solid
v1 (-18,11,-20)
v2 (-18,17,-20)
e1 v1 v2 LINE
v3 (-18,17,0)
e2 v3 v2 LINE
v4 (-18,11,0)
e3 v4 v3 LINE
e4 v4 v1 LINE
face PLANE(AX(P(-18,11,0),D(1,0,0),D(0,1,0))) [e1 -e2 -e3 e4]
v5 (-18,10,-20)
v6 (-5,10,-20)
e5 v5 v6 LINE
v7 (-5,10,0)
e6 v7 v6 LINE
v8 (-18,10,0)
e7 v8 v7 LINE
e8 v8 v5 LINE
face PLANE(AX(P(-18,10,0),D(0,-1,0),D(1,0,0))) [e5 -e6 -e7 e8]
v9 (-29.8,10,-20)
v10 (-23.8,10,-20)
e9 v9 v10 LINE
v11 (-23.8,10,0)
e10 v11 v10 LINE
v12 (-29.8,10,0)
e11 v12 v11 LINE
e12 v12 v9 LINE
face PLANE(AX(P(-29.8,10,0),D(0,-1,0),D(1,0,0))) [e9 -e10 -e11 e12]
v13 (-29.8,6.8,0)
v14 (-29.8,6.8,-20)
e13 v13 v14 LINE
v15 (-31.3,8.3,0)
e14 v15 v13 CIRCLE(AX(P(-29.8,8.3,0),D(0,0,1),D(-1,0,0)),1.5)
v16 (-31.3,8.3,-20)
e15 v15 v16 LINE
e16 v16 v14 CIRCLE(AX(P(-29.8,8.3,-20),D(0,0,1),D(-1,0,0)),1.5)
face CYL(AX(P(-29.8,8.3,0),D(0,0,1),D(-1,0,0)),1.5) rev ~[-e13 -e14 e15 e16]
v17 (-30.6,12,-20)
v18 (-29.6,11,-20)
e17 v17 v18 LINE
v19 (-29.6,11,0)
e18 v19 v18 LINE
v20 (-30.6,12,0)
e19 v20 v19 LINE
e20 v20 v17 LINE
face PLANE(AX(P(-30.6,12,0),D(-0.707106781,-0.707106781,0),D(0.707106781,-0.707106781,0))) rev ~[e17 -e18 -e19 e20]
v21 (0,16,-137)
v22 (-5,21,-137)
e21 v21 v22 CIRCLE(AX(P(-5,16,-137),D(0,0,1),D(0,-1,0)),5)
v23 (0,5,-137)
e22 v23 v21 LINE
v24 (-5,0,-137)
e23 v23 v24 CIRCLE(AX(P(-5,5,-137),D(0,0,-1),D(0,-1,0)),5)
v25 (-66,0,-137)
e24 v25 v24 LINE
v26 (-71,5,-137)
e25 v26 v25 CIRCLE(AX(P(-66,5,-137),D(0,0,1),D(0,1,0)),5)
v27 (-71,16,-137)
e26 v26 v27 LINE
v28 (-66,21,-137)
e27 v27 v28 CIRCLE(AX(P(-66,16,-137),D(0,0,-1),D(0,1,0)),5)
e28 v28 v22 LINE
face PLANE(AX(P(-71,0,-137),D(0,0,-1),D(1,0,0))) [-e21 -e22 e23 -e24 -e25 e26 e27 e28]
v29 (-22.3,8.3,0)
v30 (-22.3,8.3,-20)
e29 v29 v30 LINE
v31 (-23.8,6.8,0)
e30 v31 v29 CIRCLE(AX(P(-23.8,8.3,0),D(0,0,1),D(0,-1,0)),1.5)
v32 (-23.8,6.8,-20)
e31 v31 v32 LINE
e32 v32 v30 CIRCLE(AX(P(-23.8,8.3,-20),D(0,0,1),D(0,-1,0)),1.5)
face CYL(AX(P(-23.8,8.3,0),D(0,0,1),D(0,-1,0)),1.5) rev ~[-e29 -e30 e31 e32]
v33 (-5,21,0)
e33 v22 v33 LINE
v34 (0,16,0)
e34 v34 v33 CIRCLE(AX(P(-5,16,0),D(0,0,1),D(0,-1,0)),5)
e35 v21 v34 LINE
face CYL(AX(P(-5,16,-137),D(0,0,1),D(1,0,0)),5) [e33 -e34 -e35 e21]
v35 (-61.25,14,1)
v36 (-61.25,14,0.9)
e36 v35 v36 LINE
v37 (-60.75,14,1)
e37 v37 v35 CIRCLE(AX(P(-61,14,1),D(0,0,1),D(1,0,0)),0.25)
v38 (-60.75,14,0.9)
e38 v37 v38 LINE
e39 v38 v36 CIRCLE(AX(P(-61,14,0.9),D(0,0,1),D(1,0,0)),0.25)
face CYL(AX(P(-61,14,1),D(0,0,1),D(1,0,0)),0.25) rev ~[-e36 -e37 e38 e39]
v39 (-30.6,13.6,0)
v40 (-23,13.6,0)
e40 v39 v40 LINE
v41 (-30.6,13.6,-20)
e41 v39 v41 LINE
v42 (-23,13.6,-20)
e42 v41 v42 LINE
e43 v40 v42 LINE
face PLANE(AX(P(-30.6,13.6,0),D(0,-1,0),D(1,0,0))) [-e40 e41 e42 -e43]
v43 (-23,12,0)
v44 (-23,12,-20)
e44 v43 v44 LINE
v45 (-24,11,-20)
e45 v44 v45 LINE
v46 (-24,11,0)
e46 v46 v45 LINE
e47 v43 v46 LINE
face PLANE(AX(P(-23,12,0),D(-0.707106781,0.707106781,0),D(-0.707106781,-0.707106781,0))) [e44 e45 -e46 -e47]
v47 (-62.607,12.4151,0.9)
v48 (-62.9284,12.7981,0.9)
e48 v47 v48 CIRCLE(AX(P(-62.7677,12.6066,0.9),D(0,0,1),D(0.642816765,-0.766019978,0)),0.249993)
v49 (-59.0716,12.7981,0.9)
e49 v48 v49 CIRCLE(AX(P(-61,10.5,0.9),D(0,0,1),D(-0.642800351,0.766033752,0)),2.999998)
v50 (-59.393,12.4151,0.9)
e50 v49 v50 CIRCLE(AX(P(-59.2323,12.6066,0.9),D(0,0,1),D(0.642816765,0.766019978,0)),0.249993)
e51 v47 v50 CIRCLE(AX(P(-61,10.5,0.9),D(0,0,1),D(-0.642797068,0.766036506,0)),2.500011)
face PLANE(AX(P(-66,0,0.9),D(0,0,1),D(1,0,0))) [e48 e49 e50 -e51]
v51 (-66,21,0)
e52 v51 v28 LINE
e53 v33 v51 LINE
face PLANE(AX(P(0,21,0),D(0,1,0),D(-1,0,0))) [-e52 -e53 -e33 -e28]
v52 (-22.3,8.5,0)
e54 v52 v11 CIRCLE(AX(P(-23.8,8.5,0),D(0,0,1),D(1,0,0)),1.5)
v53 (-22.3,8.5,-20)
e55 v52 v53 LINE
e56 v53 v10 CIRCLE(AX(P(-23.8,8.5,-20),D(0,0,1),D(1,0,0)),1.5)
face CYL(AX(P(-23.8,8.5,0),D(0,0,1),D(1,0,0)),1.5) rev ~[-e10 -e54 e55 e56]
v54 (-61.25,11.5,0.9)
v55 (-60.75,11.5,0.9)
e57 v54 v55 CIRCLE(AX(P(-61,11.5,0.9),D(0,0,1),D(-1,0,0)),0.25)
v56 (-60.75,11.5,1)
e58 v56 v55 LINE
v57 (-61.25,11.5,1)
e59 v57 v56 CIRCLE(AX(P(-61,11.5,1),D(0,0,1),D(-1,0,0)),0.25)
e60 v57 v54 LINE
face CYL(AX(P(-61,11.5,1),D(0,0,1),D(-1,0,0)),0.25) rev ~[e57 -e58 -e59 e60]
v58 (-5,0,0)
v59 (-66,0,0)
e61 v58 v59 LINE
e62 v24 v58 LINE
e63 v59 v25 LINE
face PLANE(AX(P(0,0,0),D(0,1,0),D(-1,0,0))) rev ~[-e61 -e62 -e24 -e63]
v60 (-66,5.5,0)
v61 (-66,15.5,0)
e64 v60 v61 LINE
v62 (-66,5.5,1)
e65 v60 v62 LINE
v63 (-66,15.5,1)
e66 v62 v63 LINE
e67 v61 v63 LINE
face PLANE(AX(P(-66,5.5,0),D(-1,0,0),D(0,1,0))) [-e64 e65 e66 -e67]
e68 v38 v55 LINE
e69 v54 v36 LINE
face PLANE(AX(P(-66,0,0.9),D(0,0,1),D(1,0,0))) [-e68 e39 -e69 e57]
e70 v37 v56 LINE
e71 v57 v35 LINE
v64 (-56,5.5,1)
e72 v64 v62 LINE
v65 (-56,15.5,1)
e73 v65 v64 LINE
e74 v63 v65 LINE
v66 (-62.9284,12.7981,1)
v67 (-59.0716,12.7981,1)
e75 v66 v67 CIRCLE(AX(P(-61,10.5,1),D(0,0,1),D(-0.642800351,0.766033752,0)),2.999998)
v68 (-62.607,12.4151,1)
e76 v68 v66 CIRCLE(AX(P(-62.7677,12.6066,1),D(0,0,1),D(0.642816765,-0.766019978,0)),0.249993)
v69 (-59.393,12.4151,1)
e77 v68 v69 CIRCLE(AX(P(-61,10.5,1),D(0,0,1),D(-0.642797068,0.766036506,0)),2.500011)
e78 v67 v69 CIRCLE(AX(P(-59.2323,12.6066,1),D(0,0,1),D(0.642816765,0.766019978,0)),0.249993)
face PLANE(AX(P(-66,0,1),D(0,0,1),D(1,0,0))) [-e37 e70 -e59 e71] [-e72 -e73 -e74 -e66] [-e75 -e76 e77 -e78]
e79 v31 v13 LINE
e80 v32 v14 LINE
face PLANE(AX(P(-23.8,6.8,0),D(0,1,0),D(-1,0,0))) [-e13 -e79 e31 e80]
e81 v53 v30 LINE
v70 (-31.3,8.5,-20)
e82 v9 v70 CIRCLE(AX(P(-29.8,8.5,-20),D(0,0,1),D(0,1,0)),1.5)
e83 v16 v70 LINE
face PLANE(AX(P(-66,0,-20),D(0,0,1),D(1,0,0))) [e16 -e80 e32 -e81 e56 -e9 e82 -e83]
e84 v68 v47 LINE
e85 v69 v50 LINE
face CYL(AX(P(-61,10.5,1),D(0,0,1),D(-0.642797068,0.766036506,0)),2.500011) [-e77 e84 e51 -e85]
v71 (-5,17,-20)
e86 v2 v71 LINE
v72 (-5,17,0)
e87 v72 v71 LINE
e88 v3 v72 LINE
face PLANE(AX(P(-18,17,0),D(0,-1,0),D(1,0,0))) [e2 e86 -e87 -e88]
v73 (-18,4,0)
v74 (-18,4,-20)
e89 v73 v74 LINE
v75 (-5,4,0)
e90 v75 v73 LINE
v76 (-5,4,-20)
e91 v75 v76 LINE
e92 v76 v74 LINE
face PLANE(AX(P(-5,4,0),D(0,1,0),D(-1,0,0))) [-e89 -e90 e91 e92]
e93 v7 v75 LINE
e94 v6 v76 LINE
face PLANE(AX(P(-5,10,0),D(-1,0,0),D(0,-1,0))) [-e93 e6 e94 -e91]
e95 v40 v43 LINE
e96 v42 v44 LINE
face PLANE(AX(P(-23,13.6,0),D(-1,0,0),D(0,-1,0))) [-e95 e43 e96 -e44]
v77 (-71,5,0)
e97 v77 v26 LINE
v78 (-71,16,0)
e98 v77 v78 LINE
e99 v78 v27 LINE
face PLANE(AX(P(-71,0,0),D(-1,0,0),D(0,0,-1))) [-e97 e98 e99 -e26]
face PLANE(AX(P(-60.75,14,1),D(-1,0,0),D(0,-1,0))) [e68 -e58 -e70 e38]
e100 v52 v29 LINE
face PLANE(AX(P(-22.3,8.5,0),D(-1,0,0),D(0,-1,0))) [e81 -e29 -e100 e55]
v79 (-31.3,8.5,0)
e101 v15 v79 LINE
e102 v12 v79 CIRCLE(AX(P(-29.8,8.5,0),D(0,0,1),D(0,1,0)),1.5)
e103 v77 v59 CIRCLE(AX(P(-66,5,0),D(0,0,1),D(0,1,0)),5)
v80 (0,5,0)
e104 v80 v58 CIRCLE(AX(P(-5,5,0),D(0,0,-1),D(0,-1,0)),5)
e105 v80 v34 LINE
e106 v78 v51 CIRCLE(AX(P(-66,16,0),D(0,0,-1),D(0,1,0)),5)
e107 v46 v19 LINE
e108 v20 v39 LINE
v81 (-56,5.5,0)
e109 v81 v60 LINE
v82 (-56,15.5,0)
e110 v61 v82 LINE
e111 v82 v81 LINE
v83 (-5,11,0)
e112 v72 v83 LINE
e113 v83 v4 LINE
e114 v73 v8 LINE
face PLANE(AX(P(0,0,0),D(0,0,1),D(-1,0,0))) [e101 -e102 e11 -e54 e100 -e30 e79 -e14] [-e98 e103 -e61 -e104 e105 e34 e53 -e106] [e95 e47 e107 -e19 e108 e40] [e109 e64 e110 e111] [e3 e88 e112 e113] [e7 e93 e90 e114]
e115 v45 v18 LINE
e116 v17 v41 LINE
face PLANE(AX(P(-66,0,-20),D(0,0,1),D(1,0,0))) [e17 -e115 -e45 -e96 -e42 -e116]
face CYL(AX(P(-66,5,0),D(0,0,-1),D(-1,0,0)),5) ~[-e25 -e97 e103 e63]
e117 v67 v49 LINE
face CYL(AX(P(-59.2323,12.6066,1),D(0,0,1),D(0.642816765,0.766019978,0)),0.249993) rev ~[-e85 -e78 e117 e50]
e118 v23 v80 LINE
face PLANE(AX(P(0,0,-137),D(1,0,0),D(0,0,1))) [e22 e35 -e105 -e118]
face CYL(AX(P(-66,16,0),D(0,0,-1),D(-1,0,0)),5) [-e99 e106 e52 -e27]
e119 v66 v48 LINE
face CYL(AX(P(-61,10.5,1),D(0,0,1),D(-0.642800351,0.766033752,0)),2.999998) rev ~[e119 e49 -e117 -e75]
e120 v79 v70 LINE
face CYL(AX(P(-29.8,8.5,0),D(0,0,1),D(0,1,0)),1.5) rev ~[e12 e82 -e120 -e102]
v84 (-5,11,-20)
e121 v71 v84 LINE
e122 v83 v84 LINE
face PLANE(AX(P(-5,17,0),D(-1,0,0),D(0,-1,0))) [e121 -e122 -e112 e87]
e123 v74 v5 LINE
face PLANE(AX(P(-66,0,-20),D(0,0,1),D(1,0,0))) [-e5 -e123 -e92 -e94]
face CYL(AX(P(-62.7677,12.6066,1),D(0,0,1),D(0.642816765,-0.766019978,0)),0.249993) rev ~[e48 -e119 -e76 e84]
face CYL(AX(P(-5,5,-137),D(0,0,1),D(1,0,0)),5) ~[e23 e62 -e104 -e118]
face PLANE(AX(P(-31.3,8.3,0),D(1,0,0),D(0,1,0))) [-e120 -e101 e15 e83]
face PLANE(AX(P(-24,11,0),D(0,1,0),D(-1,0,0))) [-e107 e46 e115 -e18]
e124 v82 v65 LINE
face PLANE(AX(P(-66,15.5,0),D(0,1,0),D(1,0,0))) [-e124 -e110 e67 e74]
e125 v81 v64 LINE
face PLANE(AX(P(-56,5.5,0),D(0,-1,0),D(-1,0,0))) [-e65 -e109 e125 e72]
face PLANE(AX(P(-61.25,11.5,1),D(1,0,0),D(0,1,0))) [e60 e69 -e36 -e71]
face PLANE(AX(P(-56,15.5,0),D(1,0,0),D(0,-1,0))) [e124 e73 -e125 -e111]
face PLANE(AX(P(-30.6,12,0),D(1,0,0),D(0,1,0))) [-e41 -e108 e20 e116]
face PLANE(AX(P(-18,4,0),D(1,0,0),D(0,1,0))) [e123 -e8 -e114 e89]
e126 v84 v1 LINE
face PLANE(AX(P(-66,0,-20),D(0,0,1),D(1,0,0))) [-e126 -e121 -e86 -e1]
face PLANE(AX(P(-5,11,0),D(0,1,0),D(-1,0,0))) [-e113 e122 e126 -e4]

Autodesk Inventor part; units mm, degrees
ref_plane "YZ Plane" through (0, 0, 0) normal (1, 0, 0) x (0, 1, 0)
ref_plane "XZ Plane" through (0, 0, 0) normal (0, 1, 0) x (-1, 0, 0)
ref_plane "XY Plane" through (0, 0, 0) normal (0, 0, 1) x (1, 0, 0)
sketch "Sketch1" plane through (0, 0, 0) normal (0, 1, 0) x (-1, 0, 0)
  line L0 (0, 0) -> (71, 0)
  line L1 (71, 0) -> (71, -137)
  line L2 (71, -137) -> (0, -137)
  line L3 (0, -137) -> (0, 0)
  dimension "d0" = 137
  dimension "d1" = 71
extrude "Extrusion1" add sketch "Sketch1" along normal blind 21
fillet "Fillet1" radius 5 4 edges at (0, 21, -68.5) (0, 0, -68.5) (-71, 21, -68.5) (-71, 0, -68.5)
sketch "Sketch2" plane through (-66, 0, 0) normal (0, 0, 1) x (1, 0, 0)
  line L0 (0, 15.5) -> (10, 15.5)
  line L1 (10, 15.5) -> (10, 5.5)
  line L2 (10, 5.5) -> (0, 5.5)
  line L3 (0, 5.5) -> (0, 15.5)
  line L4 (48, 17) -> (61, 17)
  line L5 (61, 17) -> (61, 11)
  line L6 (61, 11) -> (48, 11)
  line L7 (48, 11) -> (48, 17)
  line L8 (48, 10) -> (61, 10)
  line L9 (61, 10) -> (61, 4)
  line L10 (61, 4) -> (48, 4)
  line L11 (48, 4) -> (48, 10)
  line L12 (66, 5) -> (66, 16) projected
  line L13 (0, 0) -> (61, 0) projected
  line L14 (0, 21) -> (61, 21) projected
  line L15 (-5, 5) -> (-5, 16) projected
  line L16 (35.4, 13.6) -> (43, 13.6)
  line L17 (43, 13.6) -> (43, 11)
  line L18 (43, 11) -> (35.4, 11)
  line L19 (35.4, 11) -> (35.4, 13.6)
  line L20 (36.2, 10) -> (42.2, 10)
  line L21 (43.7, 8.5) -> (43.7, 8.3)
  line L22 (42.2, 6.8) -> (36.2, 6.8)
  line L23 (34.7, 8.3) -> (34.7, 8.5)
  arc A0 (36.2, 10) -> (34.7, 8.5) centre (36.2, 8.5) ccw
  arc A1 (43.7, 8.5) -> (42.2, 10) centre (42.2, 8.5) ccw
  arc A2 (34.7, 8.3) -> (36.2, 6.8) centre (36.2, 8.3) ccw
  arc A3 (42.2, 6.8) -> (43.7, 8.3) centre (42.2, 8.3) ccw
  line L24 (35.4, 12) -> (36.4, 11)
  line L25 (43, 12) -> (42, 11)
  point P0 (66, 0)
  point P1 (0, 10.5)
  point P2 (-5, 10.5)
  point P3 (43.7, 6.8)
  point P4 (34.7, 6.8)
  point P5 (39.2, 11)
  point P6 (39.2, 10)
  dimension "d5" = 6
  dimension "d6" = 6
  dimension "d7" = 13
  dimension "d8" = 5
  dimension "d9" = 4
  dimension "d10" = 4
  dimension "d11" = 5
  dimension "d12" = 10
  dimension "d13" = 10
  dimension "d14" = 7.6
  dimension "d15" = 2.6
  dimension "d16" = 5
  dimension "d17" = 3.2
  dimension "d19" = 9
  dimension "d20" = 1
  dimension "d21" = 1.5
  dimension "d26" = 45
  dimension "d27" = 45
  dimension "d28" = 1
  dimension "d29" = 1
extrude "Extrusion2" cut sketch "Sketch2" against normal blind 20 contours L4 L5 L6 L7 | L8 L9 L10 L11 | L16 L17 L25 L18 L24 L19 | L20 A1 L21 A3 L22 A2 L23 A0
extrude "Extrusion3" add sketch "Sketch2" along normal blind 1 contours L0 L1 L2 L3
sketch "Sketch3" plane through (-66, 0, 1) normal (0, 0, 1) x (1, 0, 0)
  circle A0 centre (5, 10.5) radius 3 construction
  arc A1 (3.0716, 12.7981) -> (6.9284, 12.7981) centre (5, 10.5) ccw
  line L0 (3.0716, 12.7981) -> (5, 10.5) construction
  line L1 (5, 10.5) -> (6.9284, 12.7981) construction
  line L2 (5, 10.5) -> (5, 13.5) construction
  line L3 (10, 5.5) -> (10, 15.5) projected
  line L4 (10, 15.5) -> (0, 15.5) projected
  circle A2 centre (5, 10.5) radius 2.5 construction
  arc A3 (3.393, 12.4151) -> (6.607, 12.4151) centre (5, 10.5) ccw
  arc A4 (3.393, 12.4151) -> (3.0716, 12.7981) centre (3.2323, 12.6066) ccw
  arc A5 (6.9284, 12.7981) -> (6.607, 12.4151) centre (6.7677, 12.6066) ccw
  line L5 (4.75, 14) -> (5.25, 14) construction
  line L6 (5.25, 14) -> (5.25, 11.5)
  line L7 (5.25, 11.5) -> (4.75, 11.5) construction
  line L8 (4.75, 11.5) -> (4.75, 14)
  arc A6 (5.25, 14) -> (4.75, 14) centre (5, 14) ccw
  arc A7 (4.75, 11.5) -> (5.25, 11.5) centre (5, 11.5) ccw
  point P0 (66, 0)
  point P1 (10, 10.5)
  point P2 (5, 15.5)
  dimension "d30" = 40
  dimension "d31" = 40
  dimension "d32" = 6
  dimension "d33" = 0.5
  dimension "d34" = 0.5
  dimension "d35" = 2.5
  dimension "d36" = 1
extrude "Extrusion4" cut sketch "Sketch3" against normal blind 0.1
properties part number "power bank"
